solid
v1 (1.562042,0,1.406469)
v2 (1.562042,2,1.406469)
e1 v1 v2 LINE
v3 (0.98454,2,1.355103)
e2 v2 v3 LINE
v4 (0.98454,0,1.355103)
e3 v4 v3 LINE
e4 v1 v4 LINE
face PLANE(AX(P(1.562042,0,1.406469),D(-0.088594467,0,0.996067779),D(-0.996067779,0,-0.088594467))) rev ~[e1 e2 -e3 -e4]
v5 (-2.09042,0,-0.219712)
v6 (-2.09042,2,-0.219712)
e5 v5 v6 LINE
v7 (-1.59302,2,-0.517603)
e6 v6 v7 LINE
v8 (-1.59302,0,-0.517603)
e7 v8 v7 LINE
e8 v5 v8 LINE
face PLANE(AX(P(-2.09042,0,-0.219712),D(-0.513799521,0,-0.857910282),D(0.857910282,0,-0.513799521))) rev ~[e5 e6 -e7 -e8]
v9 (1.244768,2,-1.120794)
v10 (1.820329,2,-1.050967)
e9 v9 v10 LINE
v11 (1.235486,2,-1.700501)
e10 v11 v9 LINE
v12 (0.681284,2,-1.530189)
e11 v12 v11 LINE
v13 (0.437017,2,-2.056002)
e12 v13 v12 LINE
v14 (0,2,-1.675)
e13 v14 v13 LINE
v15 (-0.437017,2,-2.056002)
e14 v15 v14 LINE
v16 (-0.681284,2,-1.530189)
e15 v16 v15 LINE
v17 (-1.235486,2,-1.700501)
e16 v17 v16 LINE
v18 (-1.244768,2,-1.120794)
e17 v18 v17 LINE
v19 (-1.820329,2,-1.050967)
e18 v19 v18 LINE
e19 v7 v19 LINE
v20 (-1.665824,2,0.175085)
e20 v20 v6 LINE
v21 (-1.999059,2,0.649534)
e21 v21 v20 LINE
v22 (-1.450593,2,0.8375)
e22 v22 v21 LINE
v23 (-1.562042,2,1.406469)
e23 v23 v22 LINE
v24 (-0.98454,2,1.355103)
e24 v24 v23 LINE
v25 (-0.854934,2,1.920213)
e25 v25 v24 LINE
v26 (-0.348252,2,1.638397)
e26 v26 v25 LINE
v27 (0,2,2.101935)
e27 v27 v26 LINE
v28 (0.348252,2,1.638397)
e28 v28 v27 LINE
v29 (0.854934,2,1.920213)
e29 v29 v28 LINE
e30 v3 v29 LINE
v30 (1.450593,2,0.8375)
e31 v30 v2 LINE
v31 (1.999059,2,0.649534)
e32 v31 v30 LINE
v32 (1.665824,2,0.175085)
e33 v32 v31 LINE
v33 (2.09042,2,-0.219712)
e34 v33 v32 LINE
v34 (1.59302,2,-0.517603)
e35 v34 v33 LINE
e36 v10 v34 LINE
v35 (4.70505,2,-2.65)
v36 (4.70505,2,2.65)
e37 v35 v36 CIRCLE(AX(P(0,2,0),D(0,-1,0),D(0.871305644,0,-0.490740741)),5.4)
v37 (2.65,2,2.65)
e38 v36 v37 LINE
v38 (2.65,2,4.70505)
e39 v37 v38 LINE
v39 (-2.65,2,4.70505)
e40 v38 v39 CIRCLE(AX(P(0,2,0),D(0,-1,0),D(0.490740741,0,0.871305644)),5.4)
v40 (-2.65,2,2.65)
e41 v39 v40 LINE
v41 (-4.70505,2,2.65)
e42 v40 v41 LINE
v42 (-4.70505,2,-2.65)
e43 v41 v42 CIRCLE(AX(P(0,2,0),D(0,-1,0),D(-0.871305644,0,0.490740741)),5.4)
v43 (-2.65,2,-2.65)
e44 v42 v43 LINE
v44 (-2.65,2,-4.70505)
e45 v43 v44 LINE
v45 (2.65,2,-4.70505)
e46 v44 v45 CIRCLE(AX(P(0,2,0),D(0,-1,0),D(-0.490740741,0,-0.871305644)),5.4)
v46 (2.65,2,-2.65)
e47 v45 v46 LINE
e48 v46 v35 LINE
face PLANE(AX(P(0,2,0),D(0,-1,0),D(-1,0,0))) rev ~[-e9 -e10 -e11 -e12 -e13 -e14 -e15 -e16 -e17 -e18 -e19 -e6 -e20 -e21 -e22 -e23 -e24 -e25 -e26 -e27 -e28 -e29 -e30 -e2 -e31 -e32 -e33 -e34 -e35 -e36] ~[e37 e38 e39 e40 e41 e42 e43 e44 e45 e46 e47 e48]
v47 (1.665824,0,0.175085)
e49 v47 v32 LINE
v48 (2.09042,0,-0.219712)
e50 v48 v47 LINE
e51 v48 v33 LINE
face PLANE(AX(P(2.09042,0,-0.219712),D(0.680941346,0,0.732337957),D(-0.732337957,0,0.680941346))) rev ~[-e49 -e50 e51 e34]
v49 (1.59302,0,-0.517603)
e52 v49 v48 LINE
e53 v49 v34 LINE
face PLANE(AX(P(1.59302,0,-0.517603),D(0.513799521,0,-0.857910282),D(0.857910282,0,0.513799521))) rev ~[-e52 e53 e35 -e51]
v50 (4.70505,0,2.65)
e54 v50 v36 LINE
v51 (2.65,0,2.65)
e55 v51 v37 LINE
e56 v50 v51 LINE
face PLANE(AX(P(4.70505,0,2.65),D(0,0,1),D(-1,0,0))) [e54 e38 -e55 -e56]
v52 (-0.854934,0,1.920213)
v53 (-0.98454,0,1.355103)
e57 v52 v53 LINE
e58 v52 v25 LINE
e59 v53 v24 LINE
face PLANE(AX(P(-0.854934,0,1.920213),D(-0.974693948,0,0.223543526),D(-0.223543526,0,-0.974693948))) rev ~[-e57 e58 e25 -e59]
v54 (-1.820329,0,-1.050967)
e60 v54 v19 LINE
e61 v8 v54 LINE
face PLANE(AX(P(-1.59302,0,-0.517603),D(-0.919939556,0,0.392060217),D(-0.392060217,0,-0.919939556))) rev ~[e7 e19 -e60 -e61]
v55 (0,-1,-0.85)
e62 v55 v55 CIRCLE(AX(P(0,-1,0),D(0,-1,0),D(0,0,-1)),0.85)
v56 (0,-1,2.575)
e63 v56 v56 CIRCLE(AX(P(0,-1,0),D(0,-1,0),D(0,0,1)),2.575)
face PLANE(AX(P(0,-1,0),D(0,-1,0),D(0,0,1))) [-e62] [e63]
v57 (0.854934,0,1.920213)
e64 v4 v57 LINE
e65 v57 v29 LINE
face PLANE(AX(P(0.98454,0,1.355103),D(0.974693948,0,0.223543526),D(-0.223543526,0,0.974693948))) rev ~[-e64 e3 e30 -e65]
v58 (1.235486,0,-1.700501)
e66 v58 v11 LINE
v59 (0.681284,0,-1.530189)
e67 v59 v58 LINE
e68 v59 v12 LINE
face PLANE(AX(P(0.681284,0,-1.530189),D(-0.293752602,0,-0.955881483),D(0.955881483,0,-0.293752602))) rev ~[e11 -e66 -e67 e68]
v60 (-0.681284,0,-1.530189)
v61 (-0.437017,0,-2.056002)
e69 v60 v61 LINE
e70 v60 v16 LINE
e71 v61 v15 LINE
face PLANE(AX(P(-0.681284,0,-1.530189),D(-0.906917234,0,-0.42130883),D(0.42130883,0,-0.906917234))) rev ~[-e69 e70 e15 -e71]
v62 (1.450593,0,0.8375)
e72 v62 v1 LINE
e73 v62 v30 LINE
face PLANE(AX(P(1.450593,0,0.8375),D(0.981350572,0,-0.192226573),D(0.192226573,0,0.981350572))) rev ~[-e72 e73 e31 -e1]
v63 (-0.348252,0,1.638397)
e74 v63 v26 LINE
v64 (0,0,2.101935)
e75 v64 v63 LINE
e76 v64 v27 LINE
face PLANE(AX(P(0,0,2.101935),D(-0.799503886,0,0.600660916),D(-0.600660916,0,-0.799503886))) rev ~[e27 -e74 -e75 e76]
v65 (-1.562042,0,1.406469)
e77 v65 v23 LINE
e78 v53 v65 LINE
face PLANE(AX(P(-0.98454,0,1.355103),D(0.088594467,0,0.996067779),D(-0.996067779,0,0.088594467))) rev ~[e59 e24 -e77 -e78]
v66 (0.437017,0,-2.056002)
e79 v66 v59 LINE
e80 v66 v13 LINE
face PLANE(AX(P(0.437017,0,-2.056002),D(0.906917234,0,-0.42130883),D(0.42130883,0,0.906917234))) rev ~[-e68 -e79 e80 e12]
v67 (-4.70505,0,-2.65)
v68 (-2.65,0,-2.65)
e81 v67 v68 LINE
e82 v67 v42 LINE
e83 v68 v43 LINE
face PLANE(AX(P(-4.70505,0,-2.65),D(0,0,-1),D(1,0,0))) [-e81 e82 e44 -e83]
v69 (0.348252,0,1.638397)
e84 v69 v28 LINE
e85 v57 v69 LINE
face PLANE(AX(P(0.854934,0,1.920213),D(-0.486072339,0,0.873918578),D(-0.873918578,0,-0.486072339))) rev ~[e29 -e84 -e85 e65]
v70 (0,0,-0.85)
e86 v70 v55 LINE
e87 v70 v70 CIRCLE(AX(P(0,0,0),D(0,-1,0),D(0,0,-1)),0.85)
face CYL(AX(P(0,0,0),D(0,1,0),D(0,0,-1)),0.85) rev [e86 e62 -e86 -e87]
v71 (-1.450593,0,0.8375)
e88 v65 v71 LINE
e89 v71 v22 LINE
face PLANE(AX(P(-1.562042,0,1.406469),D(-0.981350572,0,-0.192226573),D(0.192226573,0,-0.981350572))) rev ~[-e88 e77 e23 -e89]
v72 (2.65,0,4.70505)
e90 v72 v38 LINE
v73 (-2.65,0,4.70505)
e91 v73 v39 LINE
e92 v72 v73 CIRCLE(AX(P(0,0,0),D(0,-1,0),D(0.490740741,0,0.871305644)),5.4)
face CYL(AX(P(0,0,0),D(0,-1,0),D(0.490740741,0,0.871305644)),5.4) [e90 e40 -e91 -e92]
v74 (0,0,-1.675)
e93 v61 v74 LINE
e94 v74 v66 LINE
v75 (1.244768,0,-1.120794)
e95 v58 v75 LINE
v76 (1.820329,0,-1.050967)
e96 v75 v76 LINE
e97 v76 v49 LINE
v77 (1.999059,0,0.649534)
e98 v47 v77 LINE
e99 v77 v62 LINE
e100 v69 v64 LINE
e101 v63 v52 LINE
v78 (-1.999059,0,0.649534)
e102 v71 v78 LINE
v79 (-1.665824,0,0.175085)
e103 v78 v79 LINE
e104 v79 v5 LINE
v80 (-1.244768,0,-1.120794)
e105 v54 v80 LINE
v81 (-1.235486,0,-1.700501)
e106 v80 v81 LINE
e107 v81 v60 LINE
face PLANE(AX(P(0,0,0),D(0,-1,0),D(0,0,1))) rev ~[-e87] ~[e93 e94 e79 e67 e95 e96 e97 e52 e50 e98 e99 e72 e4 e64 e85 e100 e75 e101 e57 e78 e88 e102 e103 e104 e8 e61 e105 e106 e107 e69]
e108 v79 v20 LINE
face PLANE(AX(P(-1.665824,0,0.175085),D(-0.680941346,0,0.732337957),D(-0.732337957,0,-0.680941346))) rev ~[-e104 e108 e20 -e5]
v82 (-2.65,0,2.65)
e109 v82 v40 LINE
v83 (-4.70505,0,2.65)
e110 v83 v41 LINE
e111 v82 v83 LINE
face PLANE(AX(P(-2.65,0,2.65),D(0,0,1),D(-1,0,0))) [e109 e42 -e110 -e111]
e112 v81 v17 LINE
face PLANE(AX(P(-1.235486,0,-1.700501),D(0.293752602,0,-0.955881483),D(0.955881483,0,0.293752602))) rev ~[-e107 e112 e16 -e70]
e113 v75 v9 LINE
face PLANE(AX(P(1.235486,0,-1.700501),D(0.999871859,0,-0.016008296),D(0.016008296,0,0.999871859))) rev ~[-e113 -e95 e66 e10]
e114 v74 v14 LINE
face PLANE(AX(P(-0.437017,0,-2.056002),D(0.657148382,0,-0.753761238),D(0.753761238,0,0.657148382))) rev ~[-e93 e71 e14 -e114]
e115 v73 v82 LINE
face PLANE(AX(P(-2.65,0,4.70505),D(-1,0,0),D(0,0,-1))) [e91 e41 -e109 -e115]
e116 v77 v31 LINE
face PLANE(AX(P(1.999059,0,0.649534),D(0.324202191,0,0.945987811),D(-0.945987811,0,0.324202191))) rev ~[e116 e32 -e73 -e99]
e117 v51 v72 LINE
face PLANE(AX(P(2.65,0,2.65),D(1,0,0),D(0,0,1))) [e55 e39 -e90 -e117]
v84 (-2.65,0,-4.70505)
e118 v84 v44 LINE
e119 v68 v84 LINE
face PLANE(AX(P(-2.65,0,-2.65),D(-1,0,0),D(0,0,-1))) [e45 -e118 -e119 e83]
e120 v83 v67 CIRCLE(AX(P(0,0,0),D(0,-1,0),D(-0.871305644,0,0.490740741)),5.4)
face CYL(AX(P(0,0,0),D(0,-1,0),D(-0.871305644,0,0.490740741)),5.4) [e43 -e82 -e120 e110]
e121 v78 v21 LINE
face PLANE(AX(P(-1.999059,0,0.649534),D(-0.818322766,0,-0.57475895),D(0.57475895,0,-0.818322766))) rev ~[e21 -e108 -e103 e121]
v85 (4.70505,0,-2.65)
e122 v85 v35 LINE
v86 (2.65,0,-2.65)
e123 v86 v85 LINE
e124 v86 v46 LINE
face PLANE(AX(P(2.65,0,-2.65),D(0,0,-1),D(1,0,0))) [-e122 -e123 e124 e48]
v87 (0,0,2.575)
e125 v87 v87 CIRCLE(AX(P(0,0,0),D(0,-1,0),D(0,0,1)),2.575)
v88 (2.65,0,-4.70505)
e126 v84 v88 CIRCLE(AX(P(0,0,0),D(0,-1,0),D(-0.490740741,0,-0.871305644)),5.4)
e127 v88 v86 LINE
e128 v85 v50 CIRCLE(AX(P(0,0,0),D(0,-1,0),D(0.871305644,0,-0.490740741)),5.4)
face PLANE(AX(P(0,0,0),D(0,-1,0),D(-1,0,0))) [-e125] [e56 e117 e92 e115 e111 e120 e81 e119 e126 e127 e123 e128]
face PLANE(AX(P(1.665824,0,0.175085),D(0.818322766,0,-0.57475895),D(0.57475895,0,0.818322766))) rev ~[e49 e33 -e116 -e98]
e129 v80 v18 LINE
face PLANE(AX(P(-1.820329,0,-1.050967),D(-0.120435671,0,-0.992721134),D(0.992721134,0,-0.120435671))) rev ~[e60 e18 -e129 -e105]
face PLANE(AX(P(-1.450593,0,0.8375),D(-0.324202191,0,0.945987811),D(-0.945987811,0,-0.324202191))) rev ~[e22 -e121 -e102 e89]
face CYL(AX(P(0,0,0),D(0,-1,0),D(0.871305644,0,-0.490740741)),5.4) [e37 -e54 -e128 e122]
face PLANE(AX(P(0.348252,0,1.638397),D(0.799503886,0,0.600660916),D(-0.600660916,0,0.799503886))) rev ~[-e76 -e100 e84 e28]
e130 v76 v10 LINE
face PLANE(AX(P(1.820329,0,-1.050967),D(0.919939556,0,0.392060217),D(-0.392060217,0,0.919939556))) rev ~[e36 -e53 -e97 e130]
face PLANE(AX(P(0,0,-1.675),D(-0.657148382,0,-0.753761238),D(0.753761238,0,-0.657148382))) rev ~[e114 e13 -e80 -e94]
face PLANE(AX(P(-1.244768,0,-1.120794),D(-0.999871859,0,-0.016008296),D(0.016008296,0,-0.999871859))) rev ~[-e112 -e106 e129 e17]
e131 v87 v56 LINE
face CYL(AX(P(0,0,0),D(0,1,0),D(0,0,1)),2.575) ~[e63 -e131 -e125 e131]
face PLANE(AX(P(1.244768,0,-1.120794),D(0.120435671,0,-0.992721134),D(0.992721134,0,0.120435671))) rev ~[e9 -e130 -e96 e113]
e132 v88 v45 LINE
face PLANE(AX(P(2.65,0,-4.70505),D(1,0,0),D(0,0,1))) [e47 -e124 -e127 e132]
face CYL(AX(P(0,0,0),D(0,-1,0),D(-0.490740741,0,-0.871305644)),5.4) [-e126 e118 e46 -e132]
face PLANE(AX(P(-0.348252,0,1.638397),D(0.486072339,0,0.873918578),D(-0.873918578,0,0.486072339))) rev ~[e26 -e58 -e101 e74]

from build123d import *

# Parameters (mm, degrees)
EXTRUDE_1_DEPTH = 2
SKETCH_2_R      = 2.575
SKETCH_2_R_2    = 0.85
EXTRUDE_2_DEPTH = 1


with BuildPart() as part:
    # ｽｹｯﾁ1 → ﾎﾞｽ - 押し出し1 (new body)
    with BuildSketch(Plane(origin=(0, 0, 0), x_dir=(1, 0, 0), z_dir=(0, 1, 0))):
        with BuildLine():
            Line((2.65, 4.705050478), (2.65, 2.65))
            Line((2.65, 2.65), (4.705050478, 2.65))
            ThreePointArc((4.705050478, 2.65), (5.4, 0), (4.705050478, -2.65))
            Line((4.705050478, -2.65), (2.65, -2.65))
            Line((2.65, -2.65), (2.65, -4.705050478))
            ThreePointArc((2.65, -4.705050478), (0, -5.4), (-2.65, -4.705050478))
            Line((-2.65, -4.705050478), (-2.65, -2.65))
            Line((-2.65, -2.65), (-4.705050478, -2.65))
            ThreePointArc((-4.705050478, -2.65), (-5.4, 0), (-4.705050478, 2.65))
            Line((-4.705050478, 2.65), (-2.65, 2.65))
            Line((-2.65, 2.65), (-2.65, 4.705050478))
            ThreePointArc((-2.65, 4.705050478), (0, 5.4), (2.65, 4.705050478))
        make_face()
        Polygon((0, 1.675), (0.437016815, 2.056002469), (0.681283877, 1.530188642), (1.235486269, 1.700500964), (1.244767583, 1.120793766), (1.820328922, 1.050967393), (1.593019665, 0.517603466), (2.090420168, 0.219712013), (1.665824175, -0.175085176), (1.999058776, -0.64953357), (1.450592551, -0.8375), (1.56204196, -1.406468898), (0.984540298, -1.355103466), (0.854933899, -1.920212977), (0.348252082, -1.638397231), (0, -2.101934787), (-0.348252082, -1.638397231), (-0.854933899, -1.920212977), (-0.984540298, -1.355103466), (-1.56204196, -1.406468898), (-1.450592551, -0.8375), (-1.999058776, -0.64953357), (-1.665824175, -0.175085176), (-2.090420168, 0.219712013), (-1.593019665, 0.517603466), (-1.820328922, 1.050967393), (-1.244767583, 1.120793766), (-1.235486269, 1.700500964), (-0.681283877, 1.530188642), (-0.437016815, 2.056002469), align=None, mode=Mode.SUBTRACT)
    extrude(amount=EXTRUDE_1_DEPTH)

    # ｽｹｯﾁ2 → ﾎﾞｽ - 押し出し2 (add)
    with BuildSketch(Plane.XZ):
        with Locations(Location((0, 0, 0), (0, 0, 90))):
            Circle(SKETCH_2_R)
        with Locations(Location((0, 0, 0), (0, 0, 270))):
            Circle(SKETCH_2_R_2, mode=Mode.SUBTRACT)
    extrude(amount=EXTRUDE_2_DEPTH)


solid = part.part
